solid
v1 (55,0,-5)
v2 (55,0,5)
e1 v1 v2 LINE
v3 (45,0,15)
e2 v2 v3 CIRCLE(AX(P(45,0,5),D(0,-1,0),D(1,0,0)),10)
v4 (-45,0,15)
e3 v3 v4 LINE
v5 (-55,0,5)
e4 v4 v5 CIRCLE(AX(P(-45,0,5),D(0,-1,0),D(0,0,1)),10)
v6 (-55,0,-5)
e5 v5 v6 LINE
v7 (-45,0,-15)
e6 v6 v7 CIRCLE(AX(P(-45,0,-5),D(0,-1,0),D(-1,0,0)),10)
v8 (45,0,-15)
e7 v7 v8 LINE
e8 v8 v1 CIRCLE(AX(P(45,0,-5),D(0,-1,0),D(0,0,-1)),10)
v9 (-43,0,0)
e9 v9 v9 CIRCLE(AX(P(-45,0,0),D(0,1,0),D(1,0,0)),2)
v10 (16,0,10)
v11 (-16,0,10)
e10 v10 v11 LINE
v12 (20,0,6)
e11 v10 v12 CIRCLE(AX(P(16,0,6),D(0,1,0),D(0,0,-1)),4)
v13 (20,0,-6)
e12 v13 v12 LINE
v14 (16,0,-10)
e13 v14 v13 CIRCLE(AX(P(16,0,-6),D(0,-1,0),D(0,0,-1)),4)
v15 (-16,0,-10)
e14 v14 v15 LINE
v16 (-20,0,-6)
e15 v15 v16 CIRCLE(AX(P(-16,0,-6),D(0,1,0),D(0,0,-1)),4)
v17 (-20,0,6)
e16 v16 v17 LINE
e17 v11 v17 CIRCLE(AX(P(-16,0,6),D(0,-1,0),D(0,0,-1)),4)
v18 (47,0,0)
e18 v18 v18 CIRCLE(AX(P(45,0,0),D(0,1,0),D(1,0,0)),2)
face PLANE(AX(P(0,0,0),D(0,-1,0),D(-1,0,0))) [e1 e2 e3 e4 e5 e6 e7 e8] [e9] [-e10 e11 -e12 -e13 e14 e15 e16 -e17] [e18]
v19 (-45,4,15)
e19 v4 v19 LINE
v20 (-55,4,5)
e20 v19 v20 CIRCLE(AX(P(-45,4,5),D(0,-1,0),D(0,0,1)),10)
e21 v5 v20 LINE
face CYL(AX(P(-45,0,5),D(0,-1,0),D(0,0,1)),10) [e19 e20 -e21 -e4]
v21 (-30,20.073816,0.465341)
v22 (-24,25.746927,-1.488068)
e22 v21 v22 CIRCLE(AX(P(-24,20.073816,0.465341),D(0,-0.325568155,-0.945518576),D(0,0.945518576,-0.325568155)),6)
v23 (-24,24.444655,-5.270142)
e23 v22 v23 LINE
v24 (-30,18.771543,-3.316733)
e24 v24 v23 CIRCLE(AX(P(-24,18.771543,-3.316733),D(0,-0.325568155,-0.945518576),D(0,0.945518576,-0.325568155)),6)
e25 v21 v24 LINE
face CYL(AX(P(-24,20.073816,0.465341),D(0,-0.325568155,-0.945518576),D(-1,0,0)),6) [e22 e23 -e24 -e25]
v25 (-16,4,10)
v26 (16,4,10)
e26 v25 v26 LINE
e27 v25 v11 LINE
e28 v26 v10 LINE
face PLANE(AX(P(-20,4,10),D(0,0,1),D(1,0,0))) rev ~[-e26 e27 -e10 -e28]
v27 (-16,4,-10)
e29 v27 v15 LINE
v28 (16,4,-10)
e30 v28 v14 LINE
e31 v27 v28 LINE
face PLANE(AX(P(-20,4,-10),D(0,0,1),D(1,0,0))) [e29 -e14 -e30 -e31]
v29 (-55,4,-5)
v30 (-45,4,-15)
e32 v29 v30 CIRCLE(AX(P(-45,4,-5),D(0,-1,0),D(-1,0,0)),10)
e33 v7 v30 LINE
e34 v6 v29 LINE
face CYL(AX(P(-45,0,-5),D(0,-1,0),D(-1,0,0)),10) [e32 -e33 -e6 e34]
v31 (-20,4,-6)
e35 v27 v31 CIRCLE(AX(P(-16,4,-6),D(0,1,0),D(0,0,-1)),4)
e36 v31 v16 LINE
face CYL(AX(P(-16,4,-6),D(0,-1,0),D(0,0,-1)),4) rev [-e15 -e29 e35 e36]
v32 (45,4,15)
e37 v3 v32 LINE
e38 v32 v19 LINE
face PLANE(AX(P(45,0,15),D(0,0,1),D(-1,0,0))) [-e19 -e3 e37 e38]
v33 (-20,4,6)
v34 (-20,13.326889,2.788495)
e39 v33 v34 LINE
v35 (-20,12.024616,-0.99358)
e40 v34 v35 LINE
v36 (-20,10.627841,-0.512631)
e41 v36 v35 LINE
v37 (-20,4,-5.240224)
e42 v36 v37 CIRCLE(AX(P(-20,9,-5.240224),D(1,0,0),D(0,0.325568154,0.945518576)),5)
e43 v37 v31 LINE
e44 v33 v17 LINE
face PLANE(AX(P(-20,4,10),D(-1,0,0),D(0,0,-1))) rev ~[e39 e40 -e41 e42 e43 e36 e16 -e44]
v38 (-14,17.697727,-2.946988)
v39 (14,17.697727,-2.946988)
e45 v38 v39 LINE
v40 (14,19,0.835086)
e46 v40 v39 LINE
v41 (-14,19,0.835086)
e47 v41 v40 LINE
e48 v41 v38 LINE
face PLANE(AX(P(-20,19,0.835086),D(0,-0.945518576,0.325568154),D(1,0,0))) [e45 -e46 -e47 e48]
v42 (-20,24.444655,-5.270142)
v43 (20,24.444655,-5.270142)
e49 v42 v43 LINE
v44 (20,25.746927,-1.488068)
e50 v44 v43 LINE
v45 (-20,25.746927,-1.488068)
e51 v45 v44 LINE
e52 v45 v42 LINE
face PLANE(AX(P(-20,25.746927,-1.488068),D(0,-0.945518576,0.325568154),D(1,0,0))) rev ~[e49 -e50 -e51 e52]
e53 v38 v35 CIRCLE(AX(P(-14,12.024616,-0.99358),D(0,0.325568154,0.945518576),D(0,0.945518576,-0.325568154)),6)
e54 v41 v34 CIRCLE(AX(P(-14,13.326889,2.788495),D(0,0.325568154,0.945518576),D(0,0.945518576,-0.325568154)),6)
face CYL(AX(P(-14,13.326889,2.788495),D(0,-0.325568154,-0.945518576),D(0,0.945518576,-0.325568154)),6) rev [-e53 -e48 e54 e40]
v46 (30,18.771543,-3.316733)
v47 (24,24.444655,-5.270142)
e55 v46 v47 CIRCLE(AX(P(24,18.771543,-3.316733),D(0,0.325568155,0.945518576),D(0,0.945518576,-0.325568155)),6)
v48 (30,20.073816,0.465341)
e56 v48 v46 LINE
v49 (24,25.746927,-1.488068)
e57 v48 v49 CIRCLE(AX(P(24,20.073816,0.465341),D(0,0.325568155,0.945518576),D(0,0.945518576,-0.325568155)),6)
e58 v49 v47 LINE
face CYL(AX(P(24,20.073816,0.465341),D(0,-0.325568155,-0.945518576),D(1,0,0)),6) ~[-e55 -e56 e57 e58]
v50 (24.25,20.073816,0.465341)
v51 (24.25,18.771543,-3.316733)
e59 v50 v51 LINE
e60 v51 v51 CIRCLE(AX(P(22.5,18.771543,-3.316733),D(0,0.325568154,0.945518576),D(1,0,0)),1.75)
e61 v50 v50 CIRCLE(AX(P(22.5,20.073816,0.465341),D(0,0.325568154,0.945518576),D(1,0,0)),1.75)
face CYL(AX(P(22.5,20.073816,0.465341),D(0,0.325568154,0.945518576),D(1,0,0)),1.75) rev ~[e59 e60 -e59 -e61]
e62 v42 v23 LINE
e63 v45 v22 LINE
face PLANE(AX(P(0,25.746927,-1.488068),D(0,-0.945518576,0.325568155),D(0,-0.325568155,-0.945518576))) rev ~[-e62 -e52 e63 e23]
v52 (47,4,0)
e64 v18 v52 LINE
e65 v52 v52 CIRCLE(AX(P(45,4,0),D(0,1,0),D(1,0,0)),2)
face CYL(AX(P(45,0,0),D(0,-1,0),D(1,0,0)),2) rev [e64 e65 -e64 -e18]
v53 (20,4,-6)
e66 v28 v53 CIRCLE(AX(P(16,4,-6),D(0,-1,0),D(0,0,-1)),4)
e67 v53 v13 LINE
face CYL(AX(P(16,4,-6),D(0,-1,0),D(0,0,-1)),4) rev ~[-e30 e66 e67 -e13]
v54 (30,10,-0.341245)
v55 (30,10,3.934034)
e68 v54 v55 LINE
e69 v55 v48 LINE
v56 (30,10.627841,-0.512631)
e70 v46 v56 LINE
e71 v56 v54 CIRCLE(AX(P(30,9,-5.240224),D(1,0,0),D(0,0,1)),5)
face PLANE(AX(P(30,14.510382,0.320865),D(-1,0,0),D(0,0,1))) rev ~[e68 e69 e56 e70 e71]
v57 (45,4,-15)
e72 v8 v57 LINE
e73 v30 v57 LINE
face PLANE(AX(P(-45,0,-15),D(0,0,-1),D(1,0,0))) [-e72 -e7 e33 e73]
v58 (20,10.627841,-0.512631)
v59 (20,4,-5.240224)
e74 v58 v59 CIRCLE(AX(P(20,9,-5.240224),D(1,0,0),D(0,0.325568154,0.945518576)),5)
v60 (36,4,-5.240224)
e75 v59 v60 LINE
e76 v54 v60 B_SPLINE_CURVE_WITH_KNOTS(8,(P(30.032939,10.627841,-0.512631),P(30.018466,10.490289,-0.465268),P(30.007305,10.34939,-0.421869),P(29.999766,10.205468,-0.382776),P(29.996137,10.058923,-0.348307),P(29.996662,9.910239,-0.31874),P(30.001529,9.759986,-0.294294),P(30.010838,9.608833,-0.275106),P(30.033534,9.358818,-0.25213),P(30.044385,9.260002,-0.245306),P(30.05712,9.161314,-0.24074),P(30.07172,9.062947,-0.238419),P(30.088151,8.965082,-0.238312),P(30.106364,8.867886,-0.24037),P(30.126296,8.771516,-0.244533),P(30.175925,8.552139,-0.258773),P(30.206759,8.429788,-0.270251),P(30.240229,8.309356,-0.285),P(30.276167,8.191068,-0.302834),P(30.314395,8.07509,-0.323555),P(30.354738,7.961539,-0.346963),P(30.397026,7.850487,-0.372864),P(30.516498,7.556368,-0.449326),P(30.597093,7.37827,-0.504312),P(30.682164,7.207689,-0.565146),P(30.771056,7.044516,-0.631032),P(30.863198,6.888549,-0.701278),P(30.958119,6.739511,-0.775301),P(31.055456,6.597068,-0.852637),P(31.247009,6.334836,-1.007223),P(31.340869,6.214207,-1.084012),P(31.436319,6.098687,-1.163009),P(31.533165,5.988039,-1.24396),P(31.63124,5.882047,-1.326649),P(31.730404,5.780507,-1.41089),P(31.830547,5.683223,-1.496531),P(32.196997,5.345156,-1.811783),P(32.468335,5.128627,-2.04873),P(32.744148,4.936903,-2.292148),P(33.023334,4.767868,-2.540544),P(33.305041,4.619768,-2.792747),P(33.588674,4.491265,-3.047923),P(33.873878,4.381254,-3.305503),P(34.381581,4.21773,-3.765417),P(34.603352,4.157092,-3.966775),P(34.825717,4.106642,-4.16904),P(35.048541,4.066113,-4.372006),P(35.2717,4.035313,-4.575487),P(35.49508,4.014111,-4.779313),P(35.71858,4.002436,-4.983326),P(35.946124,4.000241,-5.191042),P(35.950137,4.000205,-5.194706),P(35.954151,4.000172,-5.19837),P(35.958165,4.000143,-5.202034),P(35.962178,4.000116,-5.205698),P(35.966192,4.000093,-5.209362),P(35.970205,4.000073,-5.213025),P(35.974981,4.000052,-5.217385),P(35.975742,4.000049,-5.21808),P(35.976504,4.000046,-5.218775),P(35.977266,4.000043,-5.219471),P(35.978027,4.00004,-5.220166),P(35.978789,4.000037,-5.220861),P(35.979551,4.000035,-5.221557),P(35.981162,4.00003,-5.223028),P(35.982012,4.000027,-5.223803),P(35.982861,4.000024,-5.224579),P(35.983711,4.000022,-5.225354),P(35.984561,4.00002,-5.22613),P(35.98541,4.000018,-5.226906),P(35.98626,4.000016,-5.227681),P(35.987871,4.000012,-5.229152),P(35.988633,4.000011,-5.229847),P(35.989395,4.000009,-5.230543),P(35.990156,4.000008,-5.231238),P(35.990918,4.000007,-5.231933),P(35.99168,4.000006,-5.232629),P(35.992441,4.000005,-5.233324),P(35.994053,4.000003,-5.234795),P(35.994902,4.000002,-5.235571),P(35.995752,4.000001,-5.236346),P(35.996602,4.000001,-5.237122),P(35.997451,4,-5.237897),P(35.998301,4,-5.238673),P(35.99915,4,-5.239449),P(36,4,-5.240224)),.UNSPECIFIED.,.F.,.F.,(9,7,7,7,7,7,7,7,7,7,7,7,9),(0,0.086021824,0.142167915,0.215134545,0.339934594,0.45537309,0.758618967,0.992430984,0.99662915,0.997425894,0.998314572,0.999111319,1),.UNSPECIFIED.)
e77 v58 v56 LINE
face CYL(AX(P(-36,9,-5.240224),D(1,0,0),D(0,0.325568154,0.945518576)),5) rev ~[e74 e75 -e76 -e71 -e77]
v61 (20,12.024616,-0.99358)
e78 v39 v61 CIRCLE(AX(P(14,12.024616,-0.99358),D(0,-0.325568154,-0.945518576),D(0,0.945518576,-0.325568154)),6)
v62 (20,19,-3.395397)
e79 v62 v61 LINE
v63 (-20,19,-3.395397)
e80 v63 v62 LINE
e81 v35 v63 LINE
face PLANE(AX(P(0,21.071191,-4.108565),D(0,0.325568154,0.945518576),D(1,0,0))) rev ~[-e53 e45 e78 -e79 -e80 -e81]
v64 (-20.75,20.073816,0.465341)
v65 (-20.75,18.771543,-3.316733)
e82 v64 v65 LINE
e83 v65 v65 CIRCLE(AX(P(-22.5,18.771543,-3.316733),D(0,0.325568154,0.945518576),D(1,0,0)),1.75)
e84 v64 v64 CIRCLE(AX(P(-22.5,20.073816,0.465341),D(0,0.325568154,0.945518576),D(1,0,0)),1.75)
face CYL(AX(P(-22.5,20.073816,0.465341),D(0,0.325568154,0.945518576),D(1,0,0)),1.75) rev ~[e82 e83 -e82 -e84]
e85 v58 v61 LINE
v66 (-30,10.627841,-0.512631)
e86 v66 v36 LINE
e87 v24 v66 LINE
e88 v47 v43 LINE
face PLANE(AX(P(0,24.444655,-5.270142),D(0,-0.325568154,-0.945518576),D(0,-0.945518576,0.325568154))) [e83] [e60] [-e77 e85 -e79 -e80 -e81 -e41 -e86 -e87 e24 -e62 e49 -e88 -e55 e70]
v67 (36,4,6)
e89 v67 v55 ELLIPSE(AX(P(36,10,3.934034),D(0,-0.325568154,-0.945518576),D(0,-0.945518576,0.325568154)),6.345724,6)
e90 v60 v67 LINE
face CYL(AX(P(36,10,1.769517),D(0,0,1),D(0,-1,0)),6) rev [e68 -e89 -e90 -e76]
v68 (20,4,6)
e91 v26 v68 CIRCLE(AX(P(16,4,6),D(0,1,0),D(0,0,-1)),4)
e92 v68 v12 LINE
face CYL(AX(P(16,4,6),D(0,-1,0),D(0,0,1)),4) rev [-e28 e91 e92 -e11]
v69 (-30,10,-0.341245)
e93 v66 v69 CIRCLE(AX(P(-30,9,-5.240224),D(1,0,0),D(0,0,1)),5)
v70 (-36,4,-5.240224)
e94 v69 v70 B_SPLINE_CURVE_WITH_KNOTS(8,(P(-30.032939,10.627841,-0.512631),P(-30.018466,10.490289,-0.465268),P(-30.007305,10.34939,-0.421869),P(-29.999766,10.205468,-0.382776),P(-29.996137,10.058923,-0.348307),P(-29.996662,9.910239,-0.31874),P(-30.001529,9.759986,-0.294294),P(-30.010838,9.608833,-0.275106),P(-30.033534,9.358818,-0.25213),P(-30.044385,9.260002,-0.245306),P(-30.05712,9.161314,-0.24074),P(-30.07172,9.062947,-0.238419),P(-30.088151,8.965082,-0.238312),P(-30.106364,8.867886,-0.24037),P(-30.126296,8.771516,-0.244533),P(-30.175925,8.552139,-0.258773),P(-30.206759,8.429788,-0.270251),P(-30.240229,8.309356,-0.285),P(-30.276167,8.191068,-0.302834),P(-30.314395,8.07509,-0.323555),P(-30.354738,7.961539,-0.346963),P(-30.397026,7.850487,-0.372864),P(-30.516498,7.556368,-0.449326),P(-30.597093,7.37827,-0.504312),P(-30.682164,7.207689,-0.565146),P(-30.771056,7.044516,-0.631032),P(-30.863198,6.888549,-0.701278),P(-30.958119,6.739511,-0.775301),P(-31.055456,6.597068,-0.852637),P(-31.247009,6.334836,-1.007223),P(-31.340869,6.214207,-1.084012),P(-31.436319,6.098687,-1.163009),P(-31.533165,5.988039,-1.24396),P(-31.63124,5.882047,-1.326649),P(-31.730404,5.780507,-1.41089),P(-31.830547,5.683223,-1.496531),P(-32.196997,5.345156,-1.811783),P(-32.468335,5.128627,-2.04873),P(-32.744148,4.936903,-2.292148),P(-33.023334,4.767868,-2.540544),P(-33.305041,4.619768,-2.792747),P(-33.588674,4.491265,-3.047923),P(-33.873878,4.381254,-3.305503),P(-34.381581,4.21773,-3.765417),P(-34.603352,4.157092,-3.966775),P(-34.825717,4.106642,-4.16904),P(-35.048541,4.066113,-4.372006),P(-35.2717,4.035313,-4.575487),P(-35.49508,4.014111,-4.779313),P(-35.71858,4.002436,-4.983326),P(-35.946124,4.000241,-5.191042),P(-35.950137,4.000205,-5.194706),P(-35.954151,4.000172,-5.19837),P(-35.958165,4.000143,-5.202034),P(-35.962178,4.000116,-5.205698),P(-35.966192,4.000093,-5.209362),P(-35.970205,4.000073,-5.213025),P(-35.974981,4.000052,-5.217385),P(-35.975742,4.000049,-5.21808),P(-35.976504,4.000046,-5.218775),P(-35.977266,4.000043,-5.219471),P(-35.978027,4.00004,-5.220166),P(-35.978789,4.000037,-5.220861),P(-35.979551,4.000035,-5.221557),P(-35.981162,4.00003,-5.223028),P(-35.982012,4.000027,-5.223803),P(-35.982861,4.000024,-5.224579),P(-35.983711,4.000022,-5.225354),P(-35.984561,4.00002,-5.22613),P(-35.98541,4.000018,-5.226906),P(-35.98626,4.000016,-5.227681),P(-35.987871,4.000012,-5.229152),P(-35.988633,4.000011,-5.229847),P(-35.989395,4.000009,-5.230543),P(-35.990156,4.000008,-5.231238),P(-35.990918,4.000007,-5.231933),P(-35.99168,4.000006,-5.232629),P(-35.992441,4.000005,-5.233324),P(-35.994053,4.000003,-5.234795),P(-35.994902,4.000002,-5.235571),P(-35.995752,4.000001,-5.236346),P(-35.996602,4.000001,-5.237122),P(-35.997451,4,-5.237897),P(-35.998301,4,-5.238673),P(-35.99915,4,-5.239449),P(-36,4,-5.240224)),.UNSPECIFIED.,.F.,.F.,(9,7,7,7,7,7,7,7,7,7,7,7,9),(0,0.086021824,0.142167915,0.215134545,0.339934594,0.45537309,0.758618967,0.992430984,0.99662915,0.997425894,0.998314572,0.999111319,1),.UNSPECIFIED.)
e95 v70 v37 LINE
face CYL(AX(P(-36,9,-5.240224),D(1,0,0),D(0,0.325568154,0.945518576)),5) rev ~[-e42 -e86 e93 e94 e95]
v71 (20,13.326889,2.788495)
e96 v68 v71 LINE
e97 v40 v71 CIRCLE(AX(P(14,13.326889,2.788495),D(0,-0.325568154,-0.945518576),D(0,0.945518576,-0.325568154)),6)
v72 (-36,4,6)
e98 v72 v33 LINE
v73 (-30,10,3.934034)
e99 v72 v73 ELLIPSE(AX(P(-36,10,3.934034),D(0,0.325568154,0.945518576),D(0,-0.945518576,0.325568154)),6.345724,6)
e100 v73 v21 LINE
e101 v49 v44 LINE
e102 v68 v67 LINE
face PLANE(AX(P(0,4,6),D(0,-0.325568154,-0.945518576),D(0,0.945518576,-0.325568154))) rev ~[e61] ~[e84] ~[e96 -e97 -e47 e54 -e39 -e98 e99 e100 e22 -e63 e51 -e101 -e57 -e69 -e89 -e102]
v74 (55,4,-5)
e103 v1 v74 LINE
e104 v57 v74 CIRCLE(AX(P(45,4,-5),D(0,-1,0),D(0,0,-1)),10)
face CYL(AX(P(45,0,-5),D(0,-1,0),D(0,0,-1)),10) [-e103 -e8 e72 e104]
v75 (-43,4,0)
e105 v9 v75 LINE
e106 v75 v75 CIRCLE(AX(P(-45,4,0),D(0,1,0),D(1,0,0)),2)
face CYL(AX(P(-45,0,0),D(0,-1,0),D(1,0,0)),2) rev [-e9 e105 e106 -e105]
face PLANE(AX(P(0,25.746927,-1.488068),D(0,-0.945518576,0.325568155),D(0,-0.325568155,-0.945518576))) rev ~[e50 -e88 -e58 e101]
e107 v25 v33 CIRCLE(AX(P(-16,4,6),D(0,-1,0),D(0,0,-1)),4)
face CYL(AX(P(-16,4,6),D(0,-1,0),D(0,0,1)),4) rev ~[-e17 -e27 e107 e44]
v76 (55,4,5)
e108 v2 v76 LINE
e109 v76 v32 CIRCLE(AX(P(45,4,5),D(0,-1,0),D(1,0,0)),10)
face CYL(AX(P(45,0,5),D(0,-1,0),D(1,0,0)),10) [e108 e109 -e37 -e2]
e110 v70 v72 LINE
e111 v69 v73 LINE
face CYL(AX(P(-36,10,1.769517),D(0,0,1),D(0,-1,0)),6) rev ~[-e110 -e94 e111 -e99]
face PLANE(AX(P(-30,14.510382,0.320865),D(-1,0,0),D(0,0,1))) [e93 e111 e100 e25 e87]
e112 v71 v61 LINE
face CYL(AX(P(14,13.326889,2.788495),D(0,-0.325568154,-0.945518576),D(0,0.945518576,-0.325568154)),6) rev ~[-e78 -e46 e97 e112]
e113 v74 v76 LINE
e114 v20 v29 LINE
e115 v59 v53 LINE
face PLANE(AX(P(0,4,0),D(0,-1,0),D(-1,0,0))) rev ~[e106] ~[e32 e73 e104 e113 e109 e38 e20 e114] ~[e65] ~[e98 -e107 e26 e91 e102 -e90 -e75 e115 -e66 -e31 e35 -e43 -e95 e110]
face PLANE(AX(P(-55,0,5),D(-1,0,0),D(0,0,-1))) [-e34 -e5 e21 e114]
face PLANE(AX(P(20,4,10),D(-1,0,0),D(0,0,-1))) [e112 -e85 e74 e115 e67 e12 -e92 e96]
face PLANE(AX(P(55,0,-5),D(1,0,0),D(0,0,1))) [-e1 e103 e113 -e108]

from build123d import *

# Parameters (mm, degrees)
ESQUISSE1_R                  = 2
BOSS_EXTRU_1_DEPTH           = 4
BOSS_EXTRU_2_DEPTH           = 30
BOSS_EXTRU_2_DEPTH_BACK      = 30
ENL_V_MAT_EXTRU_1_REACH      = 23.158
ESQUISSE3_R                  = 1.75
CONG_1_R                     = 6
CONG_2_R                     = 5
ESQUISSE4_W                  = 40
ESQUISSE4_H                  = 20
ENL_V_MAT_EXTRU_2_DEPTH      = 15
ENL_V_MAT_EXTRU_2_DEPTH_BACK = 22
ESQUISSE5_W                  = 40
ESQUISSE5_H                  = 7.135689783
BOSS_EXTRU_3_DEPTH           = 4
CONG_4_R                     = 6
CONG_5_R                     = 4


with BuildPart() as part:
    # Esquisse1 → Boss.-Extru.1 (new body)
    with BuildSketch(Plane(origin=(0, 0, 0), x_dir=(1, 0, 0), z_dir=(0, 1, 0))):
        with BuildLine():
            Line((-45, 15), (45, 15))
            ThreePointArc((45, 15), (52.071067812, 12.071067812), (55, 5))
            Line((55, 5), (55, -5))
            ThreePointArc((55, -5), (52.071067812, -12.071067812), (45, -15))
            Line((45, -15), (-45, -15))
            ThreePointArc((-45, -15), (-52.071067812, -12.071067812), (-55, -5))
            Line((-55, -5), (-55, 5))
            ThreePointArc((-55, 5), (-52.071067812, 12.071067812), (-45, 15))
        make_face()
        with Locations((-45, 0)):
            Circle(ESQUISSE1_R, mode=Mode.SUBTRACT)
        with Locations((45, 0)):
            Circle(ESQUISSE1_R, mode=Mode.SUBTRACT)
    extrude(amount=BOSS_EXTRU_1_DEPTH)

    # Esquisse2 → Boss.-Extru.2 (add, two sides)
    with BuildSketch(Plane(origin=(0, 0, 0), x_dir=(0, 0, -1), z_dir=(1, 0, 0))) as boss_extru_2_sk:
        Polygon((-6, 4), (1.488067553, 25.746927239), (5.270141855, 24.444654621), (-1.769517275, 4), align=None)
    extrude(amount=BOSS_EXTRU_2_DEPTH)
    extrude(boss_extru_2_sk.sketch, amount=-BOSS_EXTRU_2_DEPTH_BACK)

    # Esquisse3 → Enlèv. mat.-Extru.1 (cut, up to next)
    with BuildSketch(Plane(origin=(0, 2.270962919, 6.595355211), x_dir=(1, 0, 0), z_dir=(0, 0.325568154, 0.945518576)), mode=Mode.PRIVATE) as enl_v_mat_extru_1_sk1:
        with Locations((22.5, 18.828665376)):
            Circle(ESQUISSE3_R)
    enl_v_mat_extru_1_tool1 = extrude(enl_v_mat_extru_1_sk1.sketch, amount=-ENL_V_MAT_EXTRU_1_REACH, mode=Mode.PRIVATE) & part.part
    add(enl_v_mat_extru_1_tool1.solids().sort_by_distance((22.5, 20.073816, 0.465341))[0], mode=Mode.SUBTRACT)
    # Esquisse3 → Enlèv. mat.-Extru.1 (cut, up to next)
    with BuildSketch(Plane(origin=(0, 2.270962919, 6.595355211), x_dir=(1, 0, 0), z_dir=(0, 0.325568154, 0.945518576)), mode=Mode.PRIVATE) as enl_v_mat_extru_1_sk2:
        with Locations((-22.5, 18.828665376)):
            Circle(ESQUISSE3_R)
    enl_v_mat_extru_1_tool2 = extrude(enl_v_mat_extru_1_sk2.sketch, amount=-ENL_V_MAT_EXTRU_1_REACH, mode=Mode.PRIVATE) & part.part
    add(enl_v_mat_extru_1_tool2.solids().sort_by_distance((-22.5, 20.073816, 0.465341))[0], mode=Mode.SUBTRACT)

    # Congé1
    cong_1_edges = [part.edges().sort_by_distance(p)[0] for p in [
        (-30, 4, 3.884758638),
        (-30, 25.09579093, -3.379104704),
        (30, 4, 3.884758638),
        (30, 25.09579093, -3.379104704),
    ]]
    fillet(cong_1_edges, radius=CONG_1_R)

    # Congé2
    cong_2_edges = [part.edges().sort_by_distance(p)[0] for p in [
        (0, 4, 1.769517275),
    ]]
    fillet(cong_2_edges, radius=CONG_2_R)

    # Esquisse4 → Enlèv. mat.-Extru.2 (cut, two sides)
    with BuildSketch(Plane(origin=(0, 4, 0), x_dir=(1, 0, 0), z_dir=(0, 1, 0))) as enl_v_mat_extru_2_sk:
        Rectangle(ESQUISSE4_W, ESQUISSE4_H)
    extrude(amount=ENL_V_MAT_EXTRU_2_DEPTH, mode=Mode.SUBTRACT)
    extrude(enl_v_mat_extru_2_sk.sketch, amount=-ENL_V_MAT_EXTRU_2_DEPTH_BACK, mode=Mode.SUBTRACT)

    # Esquisse5 → Boss.-Extru.3 (add)
    with BuildSketch(Plane(origin=(0, 2.270962919, 6.595355211), x_dir=(1, 0, 0), z_dir=(0, 0.325568154, 0.945518576))):
        with Locations((0, 21.260820485)):
            Rectangle(ESQUISSE5_W, ESQUISSE5_H)
    extrude(amount=-BOSS_EXTRU_3_DEPTH)

    # Congé4
    cong_4_edges = [part.edges().sort_by_distance(p)[0] for p in [
        (-20, 18.348863691, -1.055951351),
        (20, 18.348863691, -1.055951351),
    ]]
    fillet(cong_4_edges, radius=CONG_4_R)

    # Congé5
    cong_5_edges = [part.edges().sort_by_distance(p)[0] for p in [
        (-20, 2, 10),
        (20, 2, -10),
        (-20, 2, -10),
        (20, 2, 10),
    ]]
    fillet(cong_5_edges, radius=CONG_5_R)


solid = part.part
